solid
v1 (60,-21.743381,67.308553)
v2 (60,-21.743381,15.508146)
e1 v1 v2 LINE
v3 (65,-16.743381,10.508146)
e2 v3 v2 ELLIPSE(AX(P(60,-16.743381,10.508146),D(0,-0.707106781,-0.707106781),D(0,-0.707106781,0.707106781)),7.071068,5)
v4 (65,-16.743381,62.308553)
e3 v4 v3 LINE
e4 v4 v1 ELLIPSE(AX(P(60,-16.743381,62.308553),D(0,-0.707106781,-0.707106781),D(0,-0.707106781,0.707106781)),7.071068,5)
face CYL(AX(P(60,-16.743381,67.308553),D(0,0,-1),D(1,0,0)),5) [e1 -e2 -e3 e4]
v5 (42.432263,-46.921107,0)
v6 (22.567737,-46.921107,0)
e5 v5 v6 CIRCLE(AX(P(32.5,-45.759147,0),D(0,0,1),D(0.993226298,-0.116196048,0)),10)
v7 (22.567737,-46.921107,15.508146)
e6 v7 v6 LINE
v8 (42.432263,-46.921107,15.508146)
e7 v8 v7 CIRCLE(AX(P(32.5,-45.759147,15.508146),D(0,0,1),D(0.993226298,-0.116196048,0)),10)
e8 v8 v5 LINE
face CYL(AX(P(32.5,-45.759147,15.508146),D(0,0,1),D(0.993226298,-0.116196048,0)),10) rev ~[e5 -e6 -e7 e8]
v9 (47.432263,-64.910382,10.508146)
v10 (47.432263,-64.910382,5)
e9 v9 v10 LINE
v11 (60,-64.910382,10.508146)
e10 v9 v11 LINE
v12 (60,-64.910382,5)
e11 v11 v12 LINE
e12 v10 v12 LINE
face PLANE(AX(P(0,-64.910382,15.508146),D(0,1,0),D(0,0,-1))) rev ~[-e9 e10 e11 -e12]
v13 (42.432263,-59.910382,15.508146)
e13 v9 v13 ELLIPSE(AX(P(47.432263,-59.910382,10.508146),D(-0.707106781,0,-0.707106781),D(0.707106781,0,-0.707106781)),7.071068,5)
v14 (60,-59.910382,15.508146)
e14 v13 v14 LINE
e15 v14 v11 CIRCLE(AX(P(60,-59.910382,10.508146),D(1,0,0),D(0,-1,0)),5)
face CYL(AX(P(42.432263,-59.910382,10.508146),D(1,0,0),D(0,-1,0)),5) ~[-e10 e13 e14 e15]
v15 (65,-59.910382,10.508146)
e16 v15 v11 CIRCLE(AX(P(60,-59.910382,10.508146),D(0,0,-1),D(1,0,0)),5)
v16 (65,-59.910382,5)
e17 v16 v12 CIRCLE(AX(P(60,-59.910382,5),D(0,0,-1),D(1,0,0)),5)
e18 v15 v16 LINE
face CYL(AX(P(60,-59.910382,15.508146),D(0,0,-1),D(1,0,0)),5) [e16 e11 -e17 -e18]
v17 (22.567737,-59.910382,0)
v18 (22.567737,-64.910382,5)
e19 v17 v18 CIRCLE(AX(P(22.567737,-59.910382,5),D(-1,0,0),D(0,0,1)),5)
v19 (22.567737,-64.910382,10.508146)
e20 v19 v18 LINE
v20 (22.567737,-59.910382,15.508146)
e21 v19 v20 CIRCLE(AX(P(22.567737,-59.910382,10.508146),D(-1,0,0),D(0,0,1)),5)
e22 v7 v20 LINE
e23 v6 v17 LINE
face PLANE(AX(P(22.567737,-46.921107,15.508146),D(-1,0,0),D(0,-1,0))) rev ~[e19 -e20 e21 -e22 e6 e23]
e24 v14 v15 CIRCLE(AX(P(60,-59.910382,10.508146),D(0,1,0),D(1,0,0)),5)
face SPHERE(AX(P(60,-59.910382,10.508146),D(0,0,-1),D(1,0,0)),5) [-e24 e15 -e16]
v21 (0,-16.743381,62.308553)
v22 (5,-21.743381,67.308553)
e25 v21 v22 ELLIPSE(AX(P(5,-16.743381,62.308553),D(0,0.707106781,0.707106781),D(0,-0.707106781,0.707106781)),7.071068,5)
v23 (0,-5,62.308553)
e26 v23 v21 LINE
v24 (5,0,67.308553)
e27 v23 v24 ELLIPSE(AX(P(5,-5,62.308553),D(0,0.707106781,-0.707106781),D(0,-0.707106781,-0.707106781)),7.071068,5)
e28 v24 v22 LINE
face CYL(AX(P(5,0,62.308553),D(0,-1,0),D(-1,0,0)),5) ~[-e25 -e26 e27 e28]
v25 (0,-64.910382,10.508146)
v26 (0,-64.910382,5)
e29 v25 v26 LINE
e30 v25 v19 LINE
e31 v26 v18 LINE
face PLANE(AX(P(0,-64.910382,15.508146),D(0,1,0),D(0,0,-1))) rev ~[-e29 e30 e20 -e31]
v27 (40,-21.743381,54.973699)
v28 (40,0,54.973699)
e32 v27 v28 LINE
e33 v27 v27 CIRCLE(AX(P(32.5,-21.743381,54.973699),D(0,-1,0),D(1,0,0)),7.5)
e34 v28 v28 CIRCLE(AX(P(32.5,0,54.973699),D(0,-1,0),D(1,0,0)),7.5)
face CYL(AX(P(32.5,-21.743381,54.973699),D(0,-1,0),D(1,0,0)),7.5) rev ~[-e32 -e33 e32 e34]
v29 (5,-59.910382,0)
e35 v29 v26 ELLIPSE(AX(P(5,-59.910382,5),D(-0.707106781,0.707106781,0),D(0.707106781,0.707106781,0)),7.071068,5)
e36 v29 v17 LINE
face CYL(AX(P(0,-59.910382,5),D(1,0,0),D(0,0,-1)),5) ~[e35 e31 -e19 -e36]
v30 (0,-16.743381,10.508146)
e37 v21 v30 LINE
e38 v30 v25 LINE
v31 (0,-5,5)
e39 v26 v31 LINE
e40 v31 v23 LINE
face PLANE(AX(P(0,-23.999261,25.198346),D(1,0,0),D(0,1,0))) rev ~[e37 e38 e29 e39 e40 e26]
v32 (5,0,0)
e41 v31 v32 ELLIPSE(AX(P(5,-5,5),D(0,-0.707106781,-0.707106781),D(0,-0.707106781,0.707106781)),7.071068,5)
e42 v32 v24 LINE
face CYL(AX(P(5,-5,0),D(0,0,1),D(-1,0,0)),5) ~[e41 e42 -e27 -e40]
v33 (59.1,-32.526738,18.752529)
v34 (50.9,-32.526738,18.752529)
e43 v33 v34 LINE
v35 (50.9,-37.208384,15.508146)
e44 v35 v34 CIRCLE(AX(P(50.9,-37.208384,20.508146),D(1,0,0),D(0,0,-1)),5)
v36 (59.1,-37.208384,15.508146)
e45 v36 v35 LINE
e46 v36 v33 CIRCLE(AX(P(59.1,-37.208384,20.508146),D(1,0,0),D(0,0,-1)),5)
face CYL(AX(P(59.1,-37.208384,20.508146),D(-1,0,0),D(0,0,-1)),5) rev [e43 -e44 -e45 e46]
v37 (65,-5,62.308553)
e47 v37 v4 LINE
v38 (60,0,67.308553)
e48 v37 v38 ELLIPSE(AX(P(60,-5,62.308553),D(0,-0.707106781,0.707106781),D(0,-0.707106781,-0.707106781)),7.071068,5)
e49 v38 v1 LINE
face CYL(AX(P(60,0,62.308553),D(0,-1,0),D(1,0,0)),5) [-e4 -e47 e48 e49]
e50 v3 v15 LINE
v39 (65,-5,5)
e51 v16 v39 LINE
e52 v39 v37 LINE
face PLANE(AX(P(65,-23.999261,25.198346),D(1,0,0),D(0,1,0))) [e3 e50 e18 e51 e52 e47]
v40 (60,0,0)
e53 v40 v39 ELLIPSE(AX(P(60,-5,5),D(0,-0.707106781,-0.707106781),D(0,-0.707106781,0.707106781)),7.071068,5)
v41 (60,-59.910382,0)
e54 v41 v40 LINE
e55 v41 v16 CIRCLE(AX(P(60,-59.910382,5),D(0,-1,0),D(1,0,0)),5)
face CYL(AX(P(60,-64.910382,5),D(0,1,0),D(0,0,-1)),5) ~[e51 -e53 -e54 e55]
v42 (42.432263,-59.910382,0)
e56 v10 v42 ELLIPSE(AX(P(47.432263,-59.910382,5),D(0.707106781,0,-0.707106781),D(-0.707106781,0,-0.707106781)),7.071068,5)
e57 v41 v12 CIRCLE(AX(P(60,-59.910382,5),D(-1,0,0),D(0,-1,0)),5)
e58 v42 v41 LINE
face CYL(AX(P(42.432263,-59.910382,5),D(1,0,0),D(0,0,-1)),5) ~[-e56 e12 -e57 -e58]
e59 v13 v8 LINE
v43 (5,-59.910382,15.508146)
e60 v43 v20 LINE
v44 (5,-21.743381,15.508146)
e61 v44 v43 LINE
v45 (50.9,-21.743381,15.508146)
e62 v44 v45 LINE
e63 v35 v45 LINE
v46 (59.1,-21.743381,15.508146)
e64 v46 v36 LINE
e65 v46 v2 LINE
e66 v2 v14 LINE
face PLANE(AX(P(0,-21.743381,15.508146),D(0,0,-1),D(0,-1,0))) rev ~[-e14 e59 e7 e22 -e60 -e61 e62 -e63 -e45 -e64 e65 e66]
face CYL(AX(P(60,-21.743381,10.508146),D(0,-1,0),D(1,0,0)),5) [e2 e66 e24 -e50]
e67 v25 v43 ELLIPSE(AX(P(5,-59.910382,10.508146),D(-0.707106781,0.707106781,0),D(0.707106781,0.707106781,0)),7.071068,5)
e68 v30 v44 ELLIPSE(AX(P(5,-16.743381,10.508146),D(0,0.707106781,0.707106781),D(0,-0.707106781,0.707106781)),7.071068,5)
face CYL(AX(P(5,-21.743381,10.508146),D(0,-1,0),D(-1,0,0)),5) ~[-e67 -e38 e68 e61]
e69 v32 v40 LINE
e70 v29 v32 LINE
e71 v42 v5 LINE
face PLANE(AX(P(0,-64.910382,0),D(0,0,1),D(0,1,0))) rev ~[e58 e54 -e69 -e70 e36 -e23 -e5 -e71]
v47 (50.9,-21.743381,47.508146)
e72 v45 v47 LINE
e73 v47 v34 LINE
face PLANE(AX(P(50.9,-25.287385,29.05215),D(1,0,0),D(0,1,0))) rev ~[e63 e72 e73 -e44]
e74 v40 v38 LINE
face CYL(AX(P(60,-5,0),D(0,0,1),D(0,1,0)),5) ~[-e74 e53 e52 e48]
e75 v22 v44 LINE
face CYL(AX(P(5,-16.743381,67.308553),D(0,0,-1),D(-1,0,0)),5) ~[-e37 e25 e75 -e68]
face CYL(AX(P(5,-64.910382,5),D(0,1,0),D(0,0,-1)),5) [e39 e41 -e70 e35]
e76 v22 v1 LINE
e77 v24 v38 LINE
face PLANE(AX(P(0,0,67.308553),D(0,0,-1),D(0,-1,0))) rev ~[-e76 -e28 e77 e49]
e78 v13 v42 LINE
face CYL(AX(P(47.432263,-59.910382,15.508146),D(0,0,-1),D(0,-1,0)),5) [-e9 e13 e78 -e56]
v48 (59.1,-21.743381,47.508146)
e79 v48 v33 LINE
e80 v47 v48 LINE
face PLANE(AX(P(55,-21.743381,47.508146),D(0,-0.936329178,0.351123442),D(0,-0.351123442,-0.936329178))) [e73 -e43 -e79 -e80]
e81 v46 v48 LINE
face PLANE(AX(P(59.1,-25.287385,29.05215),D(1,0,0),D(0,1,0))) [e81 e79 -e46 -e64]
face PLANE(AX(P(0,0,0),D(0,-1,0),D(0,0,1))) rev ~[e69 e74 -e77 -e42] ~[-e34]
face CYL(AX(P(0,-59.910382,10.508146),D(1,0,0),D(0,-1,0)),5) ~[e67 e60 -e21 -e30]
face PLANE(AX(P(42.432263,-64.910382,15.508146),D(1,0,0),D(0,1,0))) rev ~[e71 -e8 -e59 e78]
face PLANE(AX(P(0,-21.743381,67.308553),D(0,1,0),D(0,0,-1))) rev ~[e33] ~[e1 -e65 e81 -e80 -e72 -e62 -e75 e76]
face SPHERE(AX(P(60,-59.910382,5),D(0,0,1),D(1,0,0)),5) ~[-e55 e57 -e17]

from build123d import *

# Parameters (mm, degrees)
F1_DEPTH = 65
F2_R     = 7.5
F3_DEPTH = 25
F5_DEPTH = 15.5081460252
F8_DEPTH = 4.1
F9_R     = 5


with BuildPart() as f1:
    # F0 (on Right) → F1 (new body)
    with BuildSketch(Plane.YZ):
        Polygon((-64.9103820324, 0), (0, 0), (0, 67.3085525632), (-21.7433813959, 67.3085525632), (-21.7433813959, 15.5081460252), (-64.9103820324, 15.5081460252), align=None)
    extrude(amount=F1_DEPTH)

    # F2 (on face) → F3 (cut)
    with BuildSketch(Plane.XZ.offset(21.7433813959)):
        with Locations((32.5, 54.9736991525)):
            Circle(F2_R)
    extrude(amount=-F3_DEPTH, mode=Mode.SUBTRACT)

    # F4 (on face) → F5 (cut, through all)
    with BuildSketch(Plane.XY.offset(15.5081460252)):
        with BuildLine():
            Line((42.4322629764, -64.9103820324), (42.4322629764, -46.9211071186))
            ThreePointArc((42.4322629764, -46.9211071186), (32.5, -35.7591466337), (22.5677370236, -46.9211071186))
            Line((22.5677370236, -46.9211071186), (22.5677370236, -64.9103820324))
            Line((22.5677370236, -64.9103820324), (42.4322629764, -64.9103820324))
        make_face()
    extrude(amount=-F5_DEPTH, mode=Mode.SUBTRACT)

    # F7 (on offset) → F8 (join, symmetric)
    with BuildSketch(Plane.YZ.offset(55)):
        Polygon((-21.7433813959, 15.5081460252), (-21.7433813959, 47.5081460252), (-33.7433813959, 15.5081460252), align=None)
    extrude(amount=F8_DEPTH, both=True)

    # F9
    f9_edges = [f1.edges().sort_by_distance(p)[0] for p in [
        (0, -10.871691, 67.308553),
        (65, -10.871691, 67.308553),
        (11.283869, -64.910382, 15.508146),
        (0, -43.326882, 15.508146),
        (0, -21.743381, 41.408349),
        (0, 0, 33.654276),
        (0, -32.455191, 0),
        (11.283869, -64.910382, 0),
        (65, -64.910382, 7.754073),
        (65, -43.326882, 15.508146),
        (65, -21.743381, 41.408349),
        (65, 0, 33.654276),
        (65, -32.455191, 0),
        (42.432263, -64.910382, 7.754073),
        (53.716131, -64.910382, 0),
        (53.716131, -64.910382, 15.508146),
        (55, -33.743381, 15.508146),
    ]]
    fillet(f9_edges, radius=F9_R)


solid = f1.part
